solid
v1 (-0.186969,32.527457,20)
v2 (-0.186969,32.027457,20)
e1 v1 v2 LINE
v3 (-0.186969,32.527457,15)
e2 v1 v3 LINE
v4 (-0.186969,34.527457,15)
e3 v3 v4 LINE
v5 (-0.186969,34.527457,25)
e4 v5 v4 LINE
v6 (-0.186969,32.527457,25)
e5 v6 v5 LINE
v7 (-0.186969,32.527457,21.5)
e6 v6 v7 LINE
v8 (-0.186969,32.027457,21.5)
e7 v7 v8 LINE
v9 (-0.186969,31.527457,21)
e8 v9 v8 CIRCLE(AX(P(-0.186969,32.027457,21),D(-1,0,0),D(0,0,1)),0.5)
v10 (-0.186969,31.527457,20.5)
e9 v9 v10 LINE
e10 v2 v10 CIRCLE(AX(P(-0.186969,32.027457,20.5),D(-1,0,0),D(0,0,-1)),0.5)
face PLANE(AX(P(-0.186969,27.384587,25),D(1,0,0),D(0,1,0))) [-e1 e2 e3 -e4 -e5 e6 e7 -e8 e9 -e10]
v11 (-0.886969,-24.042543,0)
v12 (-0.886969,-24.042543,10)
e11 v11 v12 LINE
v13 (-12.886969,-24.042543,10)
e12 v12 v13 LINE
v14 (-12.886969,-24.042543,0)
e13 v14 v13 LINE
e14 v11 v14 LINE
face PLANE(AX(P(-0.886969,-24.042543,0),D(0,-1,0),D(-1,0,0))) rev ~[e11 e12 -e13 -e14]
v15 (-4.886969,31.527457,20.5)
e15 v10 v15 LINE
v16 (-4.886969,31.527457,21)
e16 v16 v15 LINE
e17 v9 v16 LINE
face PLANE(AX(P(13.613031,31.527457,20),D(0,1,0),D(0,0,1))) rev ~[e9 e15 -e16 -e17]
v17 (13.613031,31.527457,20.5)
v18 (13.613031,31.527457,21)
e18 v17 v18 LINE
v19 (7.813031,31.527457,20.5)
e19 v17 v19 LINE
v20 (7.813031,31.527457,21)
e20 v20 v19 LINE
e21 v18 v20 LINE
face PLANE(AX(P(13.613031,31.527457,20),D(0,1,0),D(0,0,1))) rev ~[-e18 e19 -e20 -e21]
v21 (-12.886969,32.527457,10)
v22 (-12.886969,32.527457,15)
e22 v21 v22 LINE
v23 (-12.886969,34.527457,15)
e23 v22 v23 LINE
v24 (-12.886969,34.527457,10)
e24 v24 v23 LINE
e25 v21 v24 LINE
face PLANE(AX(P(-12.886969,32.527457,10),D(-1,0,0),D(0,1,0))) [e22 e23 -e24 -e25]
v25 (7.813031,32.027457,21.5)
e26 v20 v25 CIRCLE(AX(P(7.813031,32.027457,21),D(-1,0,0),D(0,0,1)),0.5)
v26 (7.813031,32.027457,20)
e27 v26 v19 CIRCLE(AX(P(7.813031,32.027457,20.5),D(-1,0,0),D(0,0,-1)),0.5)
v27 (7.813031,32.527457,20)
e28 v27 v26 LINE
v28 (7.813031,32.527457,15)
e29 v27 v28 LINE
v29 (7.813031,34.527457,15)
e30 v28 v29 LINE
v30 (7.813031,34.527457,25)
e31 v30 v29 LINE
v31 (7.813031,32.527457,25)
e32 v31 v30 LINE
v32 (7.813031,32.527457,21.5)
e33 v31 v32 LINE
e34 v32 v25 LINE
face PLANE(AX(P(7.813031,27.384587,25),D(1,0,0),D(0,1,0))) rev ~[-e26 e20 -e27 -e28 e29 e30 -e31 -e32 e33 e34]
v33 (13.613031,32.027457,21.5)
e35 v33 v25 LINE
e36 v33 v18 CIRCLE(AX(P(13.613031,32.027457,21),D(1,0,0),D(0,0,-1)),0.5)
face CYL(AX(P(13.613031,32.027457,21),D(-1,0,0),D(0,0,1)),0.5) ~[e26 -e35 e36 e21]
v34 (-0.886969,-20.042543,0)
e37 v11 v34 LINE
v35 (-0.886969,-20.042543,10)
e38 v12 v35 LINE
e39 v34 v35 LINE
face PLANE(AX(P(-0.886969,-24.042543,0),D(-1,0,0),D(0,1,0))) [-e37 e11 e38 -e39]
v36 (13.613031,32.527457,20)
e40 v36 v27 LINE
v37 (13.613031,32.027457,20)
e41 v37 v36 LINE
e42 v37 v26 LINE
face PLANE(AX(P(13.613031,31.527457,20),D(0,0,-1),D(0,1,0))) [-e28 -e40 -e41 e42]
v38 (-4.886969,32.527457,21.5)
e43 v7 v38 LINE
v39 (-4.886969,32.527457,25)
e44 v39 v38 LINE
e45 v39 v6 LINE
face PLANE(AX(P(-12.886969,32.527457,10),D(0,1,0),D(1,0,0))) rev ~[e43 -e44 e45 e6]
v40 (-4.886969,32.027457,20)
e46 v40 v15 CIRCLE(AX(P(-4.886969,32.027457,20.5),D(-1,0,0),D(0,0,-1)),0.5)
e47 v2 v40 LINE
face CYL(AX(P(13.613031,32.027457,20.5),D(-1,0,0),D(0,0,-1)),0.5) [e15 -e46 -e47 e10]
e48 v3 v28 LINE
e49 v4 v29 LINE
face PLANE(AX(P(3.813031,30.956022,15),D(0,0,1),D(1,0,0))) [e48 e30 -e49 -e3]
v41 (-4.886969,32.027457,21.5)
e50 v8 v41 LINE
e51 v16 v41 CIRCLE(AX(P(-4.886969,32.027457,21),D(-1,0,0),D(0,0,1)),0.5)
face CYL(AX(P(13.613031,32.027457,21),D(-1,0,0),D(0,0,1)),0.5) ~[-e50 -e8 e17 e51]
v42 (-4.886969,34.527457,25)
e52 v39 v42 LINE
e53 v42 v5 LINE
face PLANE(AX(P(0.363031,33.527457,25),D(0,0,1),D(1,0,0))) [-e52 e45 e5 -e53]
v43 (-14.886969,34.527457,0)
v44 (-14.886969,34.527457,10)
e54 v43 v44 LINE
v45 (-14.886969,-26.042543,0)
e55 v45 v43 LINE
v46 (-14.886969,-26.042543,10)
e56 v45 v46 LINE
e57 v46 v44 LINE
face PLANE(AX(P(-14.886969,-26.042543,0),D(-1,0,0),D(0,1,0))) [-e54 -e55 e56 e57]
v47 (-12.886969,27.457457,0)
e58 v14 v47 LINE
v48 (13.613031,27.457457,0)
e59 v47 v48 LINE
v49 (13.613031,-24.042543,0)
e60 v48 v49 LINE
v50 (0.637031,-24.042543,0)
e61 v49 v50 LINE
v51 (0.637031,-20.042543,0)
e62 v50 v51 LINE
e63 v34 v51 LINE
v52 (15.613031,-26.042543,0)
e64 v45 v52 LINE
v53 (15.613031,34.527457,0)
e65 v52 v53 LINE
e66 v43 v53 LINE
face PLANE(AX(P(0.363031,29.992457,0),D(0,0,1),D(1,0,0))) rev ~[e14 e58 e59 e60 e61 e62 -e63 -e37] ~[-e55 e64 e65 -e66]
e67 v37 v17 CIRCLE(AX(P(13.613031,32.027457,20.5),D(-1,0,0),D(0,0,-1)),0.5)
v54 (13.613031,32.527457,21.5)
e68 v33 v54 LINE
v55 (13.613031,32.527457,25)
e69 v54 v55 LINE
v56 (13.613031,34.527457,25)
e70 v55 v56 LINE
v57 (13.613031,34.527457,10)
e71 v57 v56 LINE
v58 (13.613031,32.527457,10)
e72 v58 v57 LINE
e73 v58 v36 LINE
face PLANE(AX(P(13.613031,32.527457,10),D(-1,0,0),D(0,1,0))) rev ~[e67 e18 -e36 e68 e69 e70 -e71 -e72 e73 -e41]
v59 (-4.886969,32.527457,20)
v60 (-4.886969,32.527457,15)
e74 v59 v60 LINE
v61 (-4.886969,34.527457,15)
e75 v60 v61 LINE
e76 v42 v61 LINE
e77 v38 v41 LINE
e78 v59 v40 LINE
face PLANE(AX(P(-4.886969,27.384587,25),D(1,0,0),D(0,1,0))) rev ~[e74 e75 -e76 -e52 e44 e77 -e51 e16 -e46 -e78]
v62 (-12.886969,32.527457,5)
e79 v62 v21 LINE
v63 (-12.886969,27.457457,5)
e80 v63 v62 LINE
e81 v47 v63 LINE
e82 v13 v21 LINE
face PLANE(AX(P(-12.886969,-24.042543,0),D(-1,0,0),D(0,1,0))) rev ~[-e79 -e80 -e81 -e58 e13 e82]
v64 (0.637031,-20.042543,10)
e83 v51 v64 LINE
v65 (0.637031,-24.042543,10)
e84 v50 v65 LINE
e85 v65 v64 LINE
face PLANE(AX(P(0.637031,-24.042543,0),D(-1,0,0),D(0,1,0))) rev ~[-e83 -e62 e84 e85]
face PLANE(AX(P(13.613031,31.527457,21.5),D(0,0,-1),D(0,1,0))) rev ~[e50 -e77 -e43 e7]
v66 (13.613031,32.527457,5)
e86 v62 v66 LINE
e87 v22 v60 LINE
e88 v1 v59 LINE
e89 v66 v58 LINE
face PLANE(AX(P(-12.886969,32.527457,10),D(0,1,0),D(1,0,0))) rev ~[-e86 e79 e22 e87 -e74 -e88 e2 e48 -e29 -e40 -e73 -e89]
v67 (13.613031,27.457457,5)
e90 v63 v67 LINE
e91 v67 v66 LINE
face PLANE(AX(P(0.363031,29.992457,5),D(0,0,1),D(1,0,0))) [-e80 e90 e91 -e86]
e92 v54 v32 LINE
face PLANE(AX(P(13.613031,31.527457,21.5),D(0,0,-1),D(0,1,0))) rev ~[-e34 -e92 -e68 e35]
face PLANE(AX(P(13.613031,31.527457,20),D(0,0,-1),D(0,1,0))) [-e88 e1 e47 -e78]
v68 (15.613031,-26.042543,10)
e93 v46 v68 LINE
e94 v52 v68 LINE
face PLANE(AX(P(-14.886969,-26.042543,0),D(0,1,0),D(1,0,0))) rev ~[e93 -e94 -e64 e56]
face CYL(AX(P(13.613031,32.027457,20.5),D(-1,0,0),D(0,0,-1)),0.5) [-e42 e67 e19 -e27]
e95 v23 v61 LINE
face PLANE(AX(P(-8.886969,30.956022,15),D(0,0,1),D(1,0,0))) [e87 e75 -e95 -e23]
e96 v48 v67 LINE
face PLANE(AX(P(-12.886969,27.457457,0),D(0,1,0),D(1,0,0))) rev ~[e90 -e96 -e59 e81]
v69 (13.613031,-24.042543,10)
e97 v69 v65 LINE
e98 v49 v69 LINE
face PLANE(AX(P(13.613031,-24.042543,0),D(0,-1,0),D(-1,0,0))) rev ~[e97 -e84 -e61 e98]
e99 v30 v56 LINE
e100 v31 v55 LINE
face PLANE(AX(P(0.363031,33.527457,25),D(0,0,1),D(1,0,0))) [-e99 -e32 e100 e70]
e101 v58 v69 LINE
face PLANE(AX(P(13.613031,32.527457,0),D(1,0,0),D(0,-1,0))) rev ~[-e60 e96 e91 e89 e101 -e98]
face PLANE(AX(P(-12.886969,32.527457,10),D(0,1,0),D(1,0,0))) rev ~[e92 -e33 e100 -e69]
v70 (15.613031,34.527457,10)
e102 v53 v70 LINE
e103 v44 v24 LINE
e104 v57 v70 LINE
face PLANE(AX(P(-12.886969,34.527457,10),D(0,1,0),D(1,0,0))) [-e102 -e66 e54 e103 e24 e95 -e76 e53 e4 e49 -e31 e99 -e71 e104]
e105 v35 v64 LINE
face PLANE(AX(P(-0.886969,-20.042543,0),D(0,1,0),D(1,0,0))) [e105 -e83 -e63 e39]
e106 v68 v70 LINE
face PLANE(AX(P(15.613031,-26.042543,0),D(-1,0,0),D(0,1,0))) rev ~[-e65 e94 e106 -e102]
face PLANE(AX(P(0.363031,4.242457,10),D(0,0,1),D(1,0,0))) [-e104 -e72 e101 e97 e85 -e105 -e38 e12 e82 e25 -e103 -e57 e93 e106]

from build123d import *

# Parameters (mm, degrees)
F0_W     = 30.5
F0_H     = 60.57
F0_W_2   = 1.524
F0_H_2   = 4
F1_DEPTH = 10
F0_W_3   = 26.5
F0_H_3   = 5.07
F2_DEPTH = 5
F3_W     = 26.5
F3_H     = 2
F4_DEPTH = 15
F5_W     = 1
F5_H     = 1.5
F6_DEPTH = 25.4
F7_R     = 0.5
F8_W     = 8
F8_H     = 7.14287
F9_DEPTH = 10


with BuildPart() as f1:
    # F0 (on Top) → F1 (new body)
    with BuildSketch(Plane.XY):
        with Locations((0.363031, 4.242457)):
            Rectangle(F0_W, F0_H)
        Polygon((-12.886969, 27.457457), (-12.886969, 32.527457), (13.613031, 32.527457), (13.613031, 27.457457), (13.613031, -24.042543), (0.637031, -24.042543), (-0.886969, -24.042543), (-12.886969, -24.042543), align=None, mode=Mode.SUBTRACT)
        with Locations((-0.124969, -22.042543)):
            Rectangle(F0_W_2, F0_H_2)
    extrude(amount=F1_DEPTH)

    # F0 (on Top) → F2 (join)
    with BuildSketch(Plane.XY):
        with Locations((0.363031, 29.992457)):
            Rectangle(F0_W_3, F0_H_3)
    extrude(amount=F2_DEPTH)

    # F3 (on face) → F4 (join)
    with BuildSketch(Plane.XY.offset(10)):
        with Locations((0.363031, 33.527457)):
            Rectangle(F3_W, F3_H)
    extrude(amount=F4_DEPTH)

    # F5 (on face) → F6 (join)
    with BuildSketch(Plane.YZ.offset(13.613031)):
        with Locations((32.027457, 20.75)):
            Rectangle(F5_W, F5_H)
    extrude(amount=-F6_DEPTH)

    # F7
    f7_edges = [f1.edges().sort_by_distance(p)[0] for p in [
        (0.913031, 31.527457, 21.5),
        (0.913031, 31.527457, 20),
    ]]
    fillet(f7_edges, radius=F7_R)

    # F8 (on face) → F9 (cut)
    with BuildSketch(Plane.XY.offset(25)):
        with Locations((-8.886969, 30.956022)):
            Rectangle(F8_W, F8_H)
        with Locations((3.813031, 30.956022)):
            Rectangle(F8_W, F8_H)
    extrude(amount=-F9_DEPTH, mode=Mode.SUBTRACT)


solid = f1.part
